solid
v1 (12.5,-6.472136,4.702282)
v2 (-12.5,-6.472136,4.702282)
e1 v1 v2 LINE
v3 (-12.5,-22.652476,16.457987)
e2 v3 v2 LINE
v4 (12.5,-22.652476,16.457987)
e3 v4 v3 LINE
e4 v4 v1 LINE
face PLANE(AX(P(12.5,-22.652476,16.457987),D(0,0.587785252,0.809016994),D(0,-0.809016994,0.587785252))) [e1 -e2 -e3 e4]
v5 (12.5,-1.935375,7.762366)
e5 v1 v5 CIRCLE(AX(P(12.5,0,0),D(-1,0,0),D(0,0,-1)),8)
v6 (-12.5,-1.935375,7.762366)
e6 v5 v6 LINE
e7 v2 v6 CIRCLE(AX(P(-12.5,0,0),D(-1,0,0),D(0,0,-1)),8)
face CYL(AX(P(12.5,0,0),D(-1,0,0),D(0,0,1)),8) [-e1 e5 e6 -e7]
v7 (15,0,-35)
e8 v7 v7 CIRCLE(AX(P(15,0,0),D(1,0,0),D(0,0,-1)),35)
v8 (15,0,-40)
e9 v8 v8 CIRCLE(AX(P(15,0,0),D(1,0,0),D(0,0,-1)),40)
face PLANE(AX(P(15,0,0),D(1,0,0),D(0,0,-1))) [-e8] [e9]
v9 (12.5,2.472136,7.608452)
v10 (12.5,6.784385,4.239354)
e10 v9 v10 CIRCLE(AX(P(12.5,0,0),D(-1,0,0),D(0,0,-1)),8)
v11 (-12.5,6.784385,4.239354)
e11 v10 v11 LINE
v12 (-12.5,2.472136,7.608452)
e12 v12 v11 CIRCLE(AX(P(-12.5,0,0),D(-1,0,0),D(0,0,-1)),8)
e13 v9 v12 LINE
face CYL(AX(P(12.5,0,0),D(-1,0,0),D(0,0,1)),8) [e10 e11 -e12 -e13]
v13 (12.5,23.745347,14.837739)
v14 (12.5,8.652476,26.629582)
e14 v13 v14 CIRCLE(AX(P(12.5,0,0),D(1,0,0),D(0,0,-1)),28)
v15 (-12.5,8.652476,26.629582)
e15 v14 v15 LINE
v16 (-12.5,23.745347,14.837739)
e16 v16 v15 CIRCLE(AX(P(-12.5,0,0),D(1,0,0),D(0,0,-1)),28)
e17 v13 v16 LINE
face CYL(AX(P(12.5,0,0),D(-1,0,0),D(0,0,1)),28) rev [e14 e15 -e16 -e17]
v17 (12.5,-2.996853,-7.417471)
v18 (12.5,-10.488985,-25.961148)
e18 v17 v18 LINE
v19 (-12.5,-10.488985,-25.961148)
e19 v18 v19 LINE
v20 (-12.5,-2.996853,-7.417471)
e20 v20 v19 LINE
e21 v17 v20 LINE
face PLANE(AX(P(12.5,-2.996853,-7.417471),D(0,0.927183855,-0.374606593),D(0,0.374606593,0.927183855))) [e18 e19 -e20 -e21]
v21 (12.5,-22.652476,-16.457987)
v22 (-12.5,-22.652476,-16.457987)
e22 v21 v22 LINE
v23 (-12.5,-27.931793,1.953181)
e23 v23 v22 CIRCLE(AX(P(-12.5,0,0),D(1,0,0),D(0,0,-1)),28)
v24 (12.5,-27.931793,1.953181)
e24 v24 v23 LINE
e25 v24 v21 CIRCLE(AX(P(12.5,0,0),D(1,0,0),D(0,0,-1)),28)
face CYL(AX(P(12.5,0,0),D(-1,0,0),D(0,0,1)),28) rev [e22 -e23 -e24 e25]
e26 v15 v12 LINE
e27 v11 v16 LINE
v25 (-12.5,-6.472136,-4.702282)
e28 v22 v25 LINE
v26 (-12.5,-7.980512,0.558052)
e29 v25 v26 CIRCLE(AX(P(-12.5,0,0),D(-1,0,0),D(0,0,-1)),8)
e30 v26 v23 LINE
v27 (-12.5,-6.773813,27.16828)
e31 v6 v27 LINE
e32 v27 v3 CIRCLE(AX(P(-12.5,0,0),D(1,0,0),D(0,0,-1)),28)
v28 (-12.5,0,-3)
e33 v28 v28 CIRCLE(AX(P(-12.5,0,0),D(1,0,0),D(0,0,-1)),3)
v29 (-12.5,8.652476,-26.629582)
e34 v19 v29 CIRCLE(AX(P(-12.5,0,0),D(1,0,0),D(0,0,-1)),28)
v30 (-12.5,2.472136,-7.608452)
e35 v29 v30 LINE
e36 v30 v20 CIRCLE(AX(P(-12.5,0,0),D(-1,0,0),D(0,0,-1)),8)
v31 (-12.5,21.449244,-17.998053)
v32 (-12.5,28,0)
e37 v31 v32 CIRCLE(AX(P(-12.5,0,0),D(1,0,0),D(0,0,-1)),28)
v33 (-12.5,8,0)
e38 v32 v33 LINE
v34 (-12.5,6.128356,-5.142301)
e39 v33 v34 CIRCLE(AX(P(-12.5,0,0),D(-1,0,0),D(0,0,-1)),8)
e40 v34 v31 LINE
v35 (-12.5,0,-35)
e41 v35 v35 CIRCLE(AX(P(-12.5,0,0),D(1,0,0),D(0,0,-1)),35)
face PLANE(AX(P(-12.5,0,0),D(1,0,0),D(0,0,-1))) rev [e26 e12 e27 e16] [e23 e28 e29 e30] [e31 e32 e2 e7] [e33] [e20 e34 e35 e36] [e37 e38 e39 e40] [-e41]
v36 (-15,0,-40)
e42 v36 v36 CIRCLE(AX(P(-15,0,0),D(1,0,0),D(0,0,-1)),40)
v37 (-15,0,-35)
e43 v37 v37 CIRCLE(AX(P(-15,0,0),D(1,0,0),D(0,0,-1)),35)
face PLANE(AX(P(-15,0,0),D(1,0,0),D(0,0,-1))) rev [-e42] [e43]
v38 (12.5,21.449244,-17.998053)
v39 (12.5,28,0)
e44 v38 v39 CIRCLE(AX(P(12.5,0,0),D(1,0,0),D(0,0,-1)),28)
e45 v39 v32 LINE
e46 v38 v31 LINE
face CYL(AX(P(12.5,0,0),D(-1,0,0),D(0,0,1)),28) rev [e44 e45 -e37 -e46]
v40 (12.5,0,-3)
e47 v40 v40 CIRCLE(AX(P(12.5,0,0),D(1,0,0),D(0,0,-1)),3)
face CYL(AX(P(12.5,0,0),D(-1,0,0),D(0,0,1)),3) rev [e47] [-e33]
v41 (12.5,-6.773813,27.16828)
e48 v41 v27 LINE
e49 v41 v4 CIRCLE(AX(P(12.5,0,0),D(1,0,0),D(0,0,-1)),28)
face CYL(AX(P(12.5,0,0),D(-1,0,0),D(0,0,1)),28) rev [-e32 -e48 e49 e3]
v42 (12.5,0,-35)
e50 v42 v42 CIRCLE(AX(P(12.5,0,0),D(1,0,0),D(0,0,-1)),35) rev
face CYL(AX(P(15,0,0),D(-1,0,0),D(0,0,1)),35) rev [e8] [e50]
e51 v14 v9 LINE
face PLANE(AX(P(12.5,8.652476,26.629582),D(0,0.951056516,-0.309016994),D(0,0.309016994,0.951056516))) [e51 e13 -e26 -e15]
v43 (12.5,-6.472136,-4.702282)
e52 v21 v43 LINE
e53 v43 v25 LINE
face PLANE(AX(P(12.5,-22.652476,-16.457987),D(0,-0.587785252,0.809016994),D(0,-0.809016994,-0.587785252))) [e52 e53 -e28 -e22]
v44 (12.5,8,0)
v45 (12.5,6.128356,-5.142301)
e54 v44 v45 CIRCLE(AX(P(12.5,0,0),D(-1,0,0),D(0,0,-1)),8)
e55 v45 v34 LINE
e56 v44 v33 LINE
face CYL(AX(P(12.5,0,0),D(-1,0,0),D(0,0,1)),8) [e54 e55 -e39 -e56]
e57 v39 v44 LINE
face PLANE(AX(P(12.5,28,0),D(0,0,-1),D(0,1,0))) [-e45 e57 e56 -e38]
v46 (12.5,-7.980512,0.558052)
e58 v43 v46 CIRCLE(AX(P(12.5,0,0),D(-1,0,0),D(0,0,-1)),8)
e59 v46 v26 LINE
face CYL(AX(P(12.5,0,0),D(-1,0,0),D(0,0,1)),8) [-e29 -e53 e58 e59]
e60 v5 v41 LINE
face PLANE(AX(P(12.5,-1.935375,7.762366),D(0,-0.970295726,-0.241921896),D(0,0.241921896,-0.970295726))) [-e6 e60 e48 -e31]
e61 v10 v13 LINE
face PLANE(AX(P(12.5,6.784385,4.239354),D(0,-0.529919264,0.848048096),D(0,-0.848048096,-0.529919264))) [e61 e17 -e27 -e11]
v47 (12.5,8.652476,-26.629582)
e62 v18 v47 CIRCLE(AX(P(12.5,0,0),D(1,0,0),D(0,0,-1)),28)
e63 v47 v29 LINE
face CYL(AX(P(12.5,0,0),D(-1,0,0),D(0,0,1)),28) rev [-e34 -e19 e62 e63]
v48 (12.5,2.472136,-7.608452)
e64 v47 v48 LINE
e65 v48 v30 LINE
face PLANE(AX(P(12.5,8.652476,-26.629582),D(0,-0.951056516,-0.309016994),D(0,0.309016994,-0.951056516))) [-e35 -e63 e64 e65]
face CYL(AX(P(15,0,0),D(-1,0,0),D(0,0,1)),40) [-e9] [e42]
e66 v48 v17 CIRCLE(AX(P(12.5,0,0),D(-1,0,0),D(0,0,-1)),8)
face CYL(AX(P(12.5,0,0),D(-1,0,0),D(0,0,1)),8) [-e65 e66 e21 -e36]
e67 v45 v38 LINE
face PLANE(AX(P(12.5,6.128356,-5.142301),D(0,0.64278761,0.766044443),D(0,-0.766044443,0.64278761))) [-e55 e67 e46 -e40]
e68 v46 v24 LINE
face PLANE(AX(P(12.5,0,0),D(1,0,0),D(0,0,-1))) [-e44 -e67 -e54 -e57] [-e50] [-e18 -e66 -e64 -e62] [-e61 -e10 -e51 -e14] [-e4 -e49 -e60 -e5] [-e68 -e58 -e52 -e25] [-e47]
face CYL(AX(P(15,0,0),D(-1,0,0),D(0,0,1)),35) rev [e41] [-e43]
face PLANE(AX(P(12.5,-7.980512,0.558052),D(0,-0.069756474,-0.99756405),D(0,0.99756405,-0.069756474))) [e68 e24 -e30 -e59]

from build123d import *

# Parameters (mm, degrees)
SKETCH1_R           = 35
SKETCH1_R_2         = 3
BOSS_EXTRUDE1_DEPTH = 12.5
SKETCH2_R           = 40
SKETCH2_R_2         = 35
BOSS_EXTRUDE2_DEPTH = 15


with BuildPart() as part:
    # Sketch1 → Boss-Extrude1 (new, symmetric)
    with BuildSketch(Plane(origin=(0, 0, 0), x_dir=(0, 0, -1), z_dir=(1, 0, 0))):
        Circle(SKETCH1_R)
        Circle(SKETCH1_R_2, mode=Mode.SUBTRACT)
        with BuildLine():
            Line((0, 28), (0, 8))
            ThreePointArc((0, 8), (2.736161147, 7.517540966), (5.142300877, 6.128355545))
            Line((5.142300877, 6.128355545), (17.998053071, 21.449244407))
            ThreePointArc((17.998053071, 21.449244407), (9.576564013, 26.311393382), (0, 28))
        make_face(mode=Mode.SUBTRACT)
        with BuildLine():
            Line((26.629582456, 8.652475842), (7.60845213, 2.472135955))
            ThreePointArc((7.60845213, 2.472135955), (7.995126616, -0.279195974), (7.417470837, -2.996852747))
            Line((7.417470837, -2.996852747), (25.961147928, -10.488984616))
            ThreePointArc((25.961147928, -10.488984616), (27.982943157, -0.977185908), (26.629582456, 8.652475842))
        make_face(mode=Mode.SUBTRACT)
        with BuildLine():
            Line((16.457987064, -22.652475842), (4.702282018, -6.472135955))
            ThreePointArc((4.702282018, -6.472135955), (2.205098847, -7.690093568), (-0.55805179, -7.980512402))
            Line((-0.55805179, -7.980512402), (-1.953181265, -27.931793407))
            ThreePointArc((-1.953181265, -27.931793407), (7.717845963, -26.915327486), (16.457987064, -22.652475842))
        make_face(mode=Mode.SUBTRACT)
        with BuildLine():
            Line((-16.457987064, -22.652475842), (-4.702282018, -6.472135955))
            ThreePointArc((-4.702282018, -6.472135955), (-6.63230058, -4.473543228), (-7.76236581, -1.935375165))
            Line((-7.76236581, -1.935375165), (-27.168280336, -6.773813077))
            ThreePointArc((-27.168280336, -6.773813077), (-23.213052032, -15.657401297), (-16.457987064, -22.652475842))
        make_face(mode=Mode.SUBTRACT)
        with BuildLine():
            Line((-26.629582456, 8.652475842), (-7.60845213, 2.472135955))
            ThreePointArc((-7.60845213, 2.472135955), (-6.304086029, 4.925291803), (-4.239354114, 6.784384769))
            Line((-4.239354114, 6.784384769), (-14.837739399, 23.745346692))
            ThreePointArc((-14.837739399, 23.745346692), (-22.064301101, 17.238521309), (-26.629582456, 8.652475842))
        make_face(mode=Mode.SUBTRACT)
    extrude(amount=BOSS_EXTRUDE1_DEPTH, both=True)

    # Sketch2 → Boss-Extrude2 (add, symmetric)
    with BuildSketch(Plane(origin=(0, 0, 0), x_dir=(0, 0, -1), z_dir=(1, 0, 0))):
        Circle(SKETCH2_R)
        Circle(SKETCH2_R_2, mode=Mode.SUBTRACT)
    extrude(amount=BOSS_EXTRUDE2_DEPTH, both=True)


solid = part.part
